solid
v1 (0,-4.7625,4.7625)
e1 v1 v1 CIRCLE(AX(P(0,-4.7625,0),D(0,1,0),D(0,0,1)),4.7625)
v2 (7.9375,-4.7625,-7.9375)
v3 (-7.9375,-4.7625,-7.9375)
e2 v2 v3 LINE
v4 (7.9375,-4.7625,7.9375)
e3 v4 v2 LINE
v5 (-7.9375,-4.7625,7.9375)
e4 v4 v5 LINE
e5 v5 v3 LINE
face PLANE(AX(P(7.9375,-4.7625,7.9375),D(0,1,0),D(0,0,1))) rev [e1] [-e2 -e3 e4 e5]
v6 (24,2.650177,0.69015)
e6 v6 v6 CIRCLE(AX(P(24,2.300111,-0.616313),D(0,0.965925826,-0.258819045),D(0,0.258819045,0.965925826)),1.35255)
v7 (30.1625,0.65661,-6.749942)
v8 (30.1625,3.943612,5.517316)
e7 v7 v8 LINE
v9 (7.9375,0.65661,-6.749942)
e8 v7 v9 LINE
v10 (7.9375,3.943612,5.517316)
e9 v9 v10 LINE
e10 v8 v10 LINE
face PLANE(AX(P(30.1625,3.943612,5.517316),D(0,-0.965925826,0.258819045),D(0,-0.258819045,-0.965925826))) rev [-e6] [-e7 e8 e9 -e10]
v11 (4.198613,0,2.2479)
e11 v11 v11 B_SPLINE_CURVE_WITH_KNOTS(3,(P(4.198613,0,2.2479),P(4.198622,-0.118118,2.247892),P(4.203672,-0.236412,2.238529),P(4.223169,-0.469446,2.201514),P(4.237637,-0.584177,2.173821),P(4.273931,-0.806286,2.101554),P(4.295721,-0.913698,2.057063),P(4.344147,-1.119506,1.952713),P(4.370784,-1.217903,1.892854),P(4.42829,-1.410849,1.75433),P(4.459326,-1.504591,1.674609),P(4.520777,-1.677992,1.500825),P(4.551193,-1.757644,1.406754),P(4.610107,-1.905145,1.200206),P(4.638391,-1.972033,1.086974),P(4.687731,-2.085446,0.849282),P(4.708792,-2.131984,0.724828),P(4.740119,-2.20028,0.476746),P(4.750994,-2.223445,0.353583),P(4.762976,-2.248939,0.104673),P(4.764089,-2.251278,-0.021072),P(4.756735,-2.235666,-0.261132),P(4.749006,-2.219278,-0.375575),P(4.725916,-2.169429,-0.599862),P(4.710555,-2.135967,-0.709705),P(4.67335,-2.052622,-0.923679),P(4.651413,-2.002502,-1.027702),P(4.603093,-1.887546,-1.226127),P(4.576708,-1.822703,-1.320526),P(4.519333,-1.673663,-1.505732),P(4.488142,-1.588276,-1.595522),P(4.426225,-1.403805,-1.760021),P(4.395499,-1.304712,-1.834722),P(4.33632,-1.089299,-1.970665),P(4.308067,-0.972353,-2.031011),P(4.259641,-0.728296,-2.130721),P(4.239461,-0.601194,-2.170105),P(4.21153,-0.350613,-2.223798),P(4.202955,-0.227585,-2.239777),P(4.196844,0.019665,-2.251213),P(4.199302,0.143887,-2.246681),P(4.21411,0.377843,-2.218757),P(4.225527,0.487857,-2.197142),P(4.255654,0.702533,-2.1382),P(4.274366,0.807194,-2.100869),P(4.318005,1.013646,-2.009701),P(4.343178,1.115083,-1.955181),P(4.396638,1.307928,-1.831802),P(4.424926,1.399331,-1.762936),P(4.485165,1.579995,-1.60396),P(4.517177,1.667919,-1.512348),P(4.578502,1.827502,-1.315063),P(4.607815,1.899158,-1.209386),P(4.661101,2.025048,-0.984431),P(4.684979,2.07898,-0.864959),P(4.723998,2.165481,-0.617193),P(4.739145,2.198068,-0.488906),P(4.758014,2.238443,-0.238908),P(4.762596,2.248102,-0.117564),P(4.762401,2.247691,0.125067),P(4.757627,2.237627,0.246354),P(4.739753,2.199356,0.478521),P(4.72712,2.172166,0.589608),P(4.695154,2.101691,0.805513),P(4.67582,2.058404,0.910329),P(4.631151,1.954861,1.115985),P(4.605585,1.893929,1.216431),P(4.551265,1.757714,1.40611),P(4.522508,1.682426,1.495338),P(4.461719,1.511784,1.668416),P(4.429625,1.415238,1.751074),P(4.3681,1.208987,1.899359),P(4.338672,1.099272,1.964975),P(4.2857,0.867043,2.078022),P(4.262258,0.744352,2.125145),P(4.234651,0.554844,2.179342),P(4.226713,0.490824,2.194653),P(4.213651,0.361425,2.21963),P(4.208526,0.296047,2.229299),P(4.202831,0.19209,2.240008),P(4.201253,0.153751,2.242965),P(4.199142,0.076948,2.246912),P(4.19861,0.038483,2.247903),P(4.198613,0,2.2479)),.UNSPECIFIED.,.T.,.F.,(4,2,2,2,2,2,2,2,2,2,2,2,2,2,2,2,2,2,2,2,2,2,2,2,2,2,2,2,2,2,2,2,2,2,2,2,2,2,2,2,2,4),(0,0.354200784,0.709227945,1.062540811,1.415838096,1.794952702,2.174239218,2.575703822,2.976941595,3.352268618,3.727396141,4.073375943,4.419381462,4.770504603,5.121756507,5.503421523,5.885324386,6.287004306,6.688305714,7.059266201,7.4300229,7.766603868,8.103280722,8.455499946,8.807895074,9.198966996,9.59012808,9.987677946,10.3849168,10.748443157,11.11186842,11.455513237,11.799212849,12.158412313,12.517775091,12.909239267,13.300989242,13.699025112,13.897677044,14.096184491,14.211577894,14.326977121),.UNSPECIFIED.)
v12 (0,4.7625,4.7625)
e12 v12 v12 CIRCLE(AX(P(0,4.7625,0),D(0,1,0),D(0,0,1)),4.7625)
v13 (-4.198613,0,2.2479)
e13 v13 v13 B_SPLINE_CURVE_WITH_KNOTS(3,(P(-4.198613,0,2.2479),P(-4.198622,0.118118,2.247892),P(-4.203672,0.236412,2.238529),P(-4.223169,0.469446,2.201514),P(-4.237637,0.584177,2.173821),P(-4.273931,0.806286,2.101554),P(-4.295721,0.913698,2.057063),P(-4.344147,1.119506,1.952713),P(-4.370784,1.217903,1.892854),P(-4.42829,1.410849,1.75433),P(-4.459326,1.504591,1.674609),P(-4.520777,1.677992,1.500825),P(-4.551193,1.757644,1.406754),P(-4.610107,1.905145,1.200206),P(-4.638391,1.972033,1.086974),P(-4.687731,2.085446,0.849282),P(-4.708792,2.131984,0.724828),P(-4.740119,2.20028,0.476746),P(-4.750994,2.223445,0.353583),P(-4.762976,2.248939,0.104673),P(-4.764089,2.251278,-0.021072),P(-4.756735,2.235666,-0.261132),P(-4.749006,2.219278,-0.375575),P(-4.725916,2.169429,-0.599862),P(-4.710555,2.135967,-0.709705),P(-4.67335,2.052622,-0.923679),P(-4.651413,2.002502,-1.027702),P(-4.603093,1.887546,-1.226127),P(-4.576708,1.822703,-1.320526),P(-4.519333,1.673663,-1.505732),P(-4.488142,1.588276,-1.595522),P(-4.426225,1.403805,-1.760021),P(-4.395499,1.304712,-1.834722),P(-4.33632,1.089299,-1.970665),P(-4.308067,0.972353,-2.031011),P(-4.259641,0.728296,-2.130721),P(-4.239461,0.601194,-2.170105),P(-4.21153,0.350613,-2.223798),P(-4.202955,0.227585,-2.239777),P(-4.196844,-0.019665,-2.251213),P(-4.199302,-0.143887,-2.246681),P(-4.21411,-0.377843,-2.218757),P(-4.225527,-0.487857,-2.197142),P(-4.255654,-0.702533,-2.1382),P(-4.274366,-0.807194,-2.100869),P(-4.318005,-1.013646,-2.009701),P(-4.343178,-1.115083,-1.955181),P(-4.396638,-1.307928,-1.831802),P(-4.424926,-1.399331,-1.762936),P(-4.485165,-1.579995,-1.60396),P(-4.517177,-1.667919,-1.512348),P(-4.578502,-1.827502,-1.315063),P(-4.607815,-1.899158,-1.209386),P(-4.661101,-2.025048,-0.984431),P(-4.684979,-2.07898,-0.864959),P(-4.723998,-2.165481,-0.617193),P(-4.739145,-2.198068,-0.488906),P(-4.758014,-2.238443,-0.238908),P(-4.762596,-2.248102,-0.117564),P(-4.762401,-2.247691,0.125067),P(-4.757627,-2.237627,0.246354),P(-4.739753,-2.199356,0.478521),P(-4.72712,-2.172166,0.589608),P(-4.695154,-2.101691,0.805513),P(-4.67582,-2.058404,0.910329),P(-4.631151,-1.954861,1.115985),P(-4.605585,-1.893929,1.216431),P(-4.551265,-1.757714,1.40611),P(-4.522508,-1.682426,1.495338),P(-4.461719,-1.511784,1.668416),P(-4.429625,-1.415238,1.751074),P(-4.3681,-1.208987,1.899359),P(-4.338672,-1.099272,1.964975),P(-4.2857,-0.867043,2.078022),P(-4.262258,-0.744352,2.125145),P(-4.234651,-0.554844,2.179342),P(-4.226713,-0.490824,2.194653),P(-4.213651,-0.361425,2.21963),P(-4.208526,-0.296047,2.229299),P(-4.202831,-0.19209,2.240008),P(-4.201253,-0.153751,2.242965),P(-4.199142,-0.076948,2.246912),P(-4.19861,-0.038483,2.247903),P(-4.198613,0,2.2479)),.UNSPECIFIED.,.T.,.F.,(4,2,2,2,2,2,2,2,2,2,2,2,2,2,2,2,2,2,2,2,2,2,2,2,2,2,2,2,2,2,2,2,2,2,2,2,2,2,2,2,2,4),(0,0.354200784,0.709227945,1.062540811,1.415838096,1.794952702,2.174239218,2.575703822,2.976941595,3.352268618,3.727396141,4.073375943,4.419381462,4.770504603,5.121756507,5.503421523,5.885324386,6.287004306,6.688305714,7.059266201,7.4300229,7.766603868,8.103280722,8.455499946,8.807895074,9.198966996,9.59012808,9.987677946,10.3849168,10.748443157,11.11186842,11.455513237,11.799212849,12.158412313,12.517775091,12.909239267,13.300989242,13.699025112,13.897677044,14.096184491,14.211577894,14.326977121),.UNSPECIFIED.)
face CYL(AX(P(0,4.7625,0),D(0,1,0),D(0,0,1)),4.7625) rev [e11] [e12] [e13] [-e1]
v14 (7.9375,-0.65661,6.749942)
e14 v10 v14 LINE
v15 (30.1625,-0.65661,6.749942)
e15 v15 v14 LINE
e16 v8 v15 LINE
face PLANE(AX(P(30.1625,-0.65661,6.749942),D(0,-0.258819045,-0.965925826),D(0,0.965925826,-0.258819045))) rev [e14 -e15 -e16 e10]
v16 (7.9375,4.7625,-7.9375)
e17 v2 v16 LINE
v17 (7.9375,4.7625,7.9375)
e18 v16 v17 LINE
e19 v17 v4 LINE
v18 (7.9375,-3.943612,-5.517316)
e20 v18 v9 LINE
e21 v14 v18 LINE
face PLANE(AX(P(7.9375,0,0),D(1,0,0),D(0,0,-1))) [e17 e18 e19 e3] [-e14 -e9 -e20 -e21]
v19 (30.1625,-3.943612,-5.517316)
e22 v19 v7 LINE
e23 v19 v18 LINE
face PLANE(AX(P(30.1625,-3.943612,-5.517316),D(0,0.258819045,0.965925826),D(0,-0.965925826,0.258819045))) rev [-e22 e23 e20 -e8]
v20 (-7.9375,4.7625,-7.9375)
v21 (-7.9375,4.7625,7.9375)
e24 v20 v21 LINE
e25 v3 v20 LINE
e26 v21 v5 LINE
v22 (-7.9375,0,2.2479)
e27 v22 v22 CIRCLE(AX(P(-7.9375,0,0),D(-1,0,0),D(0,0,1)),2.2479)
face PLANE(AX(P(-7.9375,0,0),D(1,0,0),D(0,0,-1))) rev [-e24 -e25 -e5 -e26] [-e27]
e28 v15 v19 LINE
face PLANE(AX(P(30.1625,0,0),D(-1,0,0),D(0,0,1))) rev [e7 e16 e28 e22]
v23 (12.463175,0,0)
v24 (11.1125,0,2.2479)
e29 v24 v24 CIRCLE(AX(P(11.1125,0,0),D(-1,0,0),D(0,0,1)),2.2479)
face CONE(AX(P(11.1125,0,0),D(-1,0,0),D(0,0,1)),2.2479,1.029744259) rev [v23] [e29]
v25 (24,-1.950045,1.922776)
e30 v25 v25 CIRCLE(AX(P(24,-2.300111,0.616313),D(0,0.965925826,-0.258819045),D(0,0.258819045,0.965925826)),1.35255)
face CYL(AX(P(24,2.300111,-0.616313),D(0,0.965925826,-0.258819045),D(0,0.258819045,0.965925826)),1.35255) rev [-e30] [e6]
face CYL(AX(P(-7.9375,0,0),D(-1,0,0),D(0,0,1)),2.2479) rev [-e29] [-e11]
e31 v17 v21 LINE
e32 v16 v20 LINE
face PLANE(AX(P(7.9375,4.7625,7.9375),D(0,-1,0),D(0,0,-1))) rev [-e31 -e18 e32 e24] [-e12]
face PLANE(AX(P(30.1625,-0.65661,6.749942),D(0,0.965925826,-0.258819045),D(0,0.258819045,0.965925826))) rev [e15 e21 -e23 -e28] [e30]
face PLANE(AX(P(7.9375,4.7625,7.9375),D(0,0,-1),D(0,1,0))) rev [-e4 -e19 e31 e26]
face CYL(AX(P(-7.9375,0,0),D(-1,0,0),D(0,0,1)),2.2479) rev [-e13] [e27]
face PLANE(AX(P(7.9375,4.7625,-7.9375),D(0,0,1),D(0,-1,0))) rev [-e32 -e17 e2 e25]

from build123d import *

# Parameters (mm, degrees)
SKETCH1_W                    = 15.875
SKETCH1_H                    = 9.525
BOSS_EXTRUDE1_DEPTH          = 7.9375
BOSS_EXTRUDE2_DEPTH          = 22.225
F_3_8_0_375_DIAMETER_HOLE1_D = 9.525
F_6_32_TAPPED_HOLE1_D        = 2.7051
F_8_CLEARANCE_HOLE1_D        = 4.4958
F_8_CLEARANCE_HOLE1_DEPTH    = 19.05
F_8_CLEARANCE_HOLE1_TIP      = 1.350674586


with BuildPart() as part:
    # Sketch1 → Boss-Extrude1 (new body, symmetric)
    with BuildSketch(Plane(origin=(0, 0, 0), x_dir=(0, 0, -1), z_dir=(1, 0, 0))):
        Rectangle(SKETCH1_W, SKETCH1_H)
    extrude(amount=BOSS_EXTRUDE1_DEPTH, both=True)

    # Sketch2 → Boss-Extrude2 (add)
    with BuildSketch(Plane(origin=(7.9375, 0, 0), x_dir=(0, 0, -1), z_dir=(1, 0, 0))):
        Polygon((-6.749941848, -0.656609937), (5.517316146, -3.94361181), (6.749941848, 0.656609937), (-5.517316146, 3.94361181), align=None)
    extrude(amount=BOSS_EXTRUDE2_DEPTH)

    # 3/8 (0.375) Diameter Hole1 (through all)
    with Locations(Plane(origin=(0, 4.7625, 0), x_dir=(1, 0, 0), z_dir=(0, 1, 0))):
        with Locations((0, 0)):
            Hole(F_3_8_0_375_DIAMETER_HOLE1_D / 2)

    # #6-32 Tapped Hole1 (through all)
    with Locations(Plane(origin=(0, 2.300110874, -0.616312851), x_dir=(1, 0, 0), z_dir=(0, 0.965925826, -0.258819045))):
        with Locations((24, 0)):
            Hole(F_6_32_TAPPED_HOLE1_D / 2)

    # #8 Clearance Hole1
    with Locations(Plane(origin=(-7.9375, 0, 0), x_dir=(0, 0, -1), z_dir=(-1, 0, 0))):
        with Locations((0, 0)):
            Hole(F_8_CLEARANCE_HOLE1_D / 2, depth=F_8_CLEARANCE_HOLE1_DEPTH)
            with Locations((0, 0, -(F_8_CLEARANCE_HOLE1_DEPTH + F_8_CLEARANCE_HOLE1_TIP / 2))):  # 118° drill point
                Cone(0, F_8_CLEARANCE_HOLE1_D / 2, F_8_CLEARANCE_HOLE1_TIP, mode=Mode.SUBTRACT)


solid = part.part
